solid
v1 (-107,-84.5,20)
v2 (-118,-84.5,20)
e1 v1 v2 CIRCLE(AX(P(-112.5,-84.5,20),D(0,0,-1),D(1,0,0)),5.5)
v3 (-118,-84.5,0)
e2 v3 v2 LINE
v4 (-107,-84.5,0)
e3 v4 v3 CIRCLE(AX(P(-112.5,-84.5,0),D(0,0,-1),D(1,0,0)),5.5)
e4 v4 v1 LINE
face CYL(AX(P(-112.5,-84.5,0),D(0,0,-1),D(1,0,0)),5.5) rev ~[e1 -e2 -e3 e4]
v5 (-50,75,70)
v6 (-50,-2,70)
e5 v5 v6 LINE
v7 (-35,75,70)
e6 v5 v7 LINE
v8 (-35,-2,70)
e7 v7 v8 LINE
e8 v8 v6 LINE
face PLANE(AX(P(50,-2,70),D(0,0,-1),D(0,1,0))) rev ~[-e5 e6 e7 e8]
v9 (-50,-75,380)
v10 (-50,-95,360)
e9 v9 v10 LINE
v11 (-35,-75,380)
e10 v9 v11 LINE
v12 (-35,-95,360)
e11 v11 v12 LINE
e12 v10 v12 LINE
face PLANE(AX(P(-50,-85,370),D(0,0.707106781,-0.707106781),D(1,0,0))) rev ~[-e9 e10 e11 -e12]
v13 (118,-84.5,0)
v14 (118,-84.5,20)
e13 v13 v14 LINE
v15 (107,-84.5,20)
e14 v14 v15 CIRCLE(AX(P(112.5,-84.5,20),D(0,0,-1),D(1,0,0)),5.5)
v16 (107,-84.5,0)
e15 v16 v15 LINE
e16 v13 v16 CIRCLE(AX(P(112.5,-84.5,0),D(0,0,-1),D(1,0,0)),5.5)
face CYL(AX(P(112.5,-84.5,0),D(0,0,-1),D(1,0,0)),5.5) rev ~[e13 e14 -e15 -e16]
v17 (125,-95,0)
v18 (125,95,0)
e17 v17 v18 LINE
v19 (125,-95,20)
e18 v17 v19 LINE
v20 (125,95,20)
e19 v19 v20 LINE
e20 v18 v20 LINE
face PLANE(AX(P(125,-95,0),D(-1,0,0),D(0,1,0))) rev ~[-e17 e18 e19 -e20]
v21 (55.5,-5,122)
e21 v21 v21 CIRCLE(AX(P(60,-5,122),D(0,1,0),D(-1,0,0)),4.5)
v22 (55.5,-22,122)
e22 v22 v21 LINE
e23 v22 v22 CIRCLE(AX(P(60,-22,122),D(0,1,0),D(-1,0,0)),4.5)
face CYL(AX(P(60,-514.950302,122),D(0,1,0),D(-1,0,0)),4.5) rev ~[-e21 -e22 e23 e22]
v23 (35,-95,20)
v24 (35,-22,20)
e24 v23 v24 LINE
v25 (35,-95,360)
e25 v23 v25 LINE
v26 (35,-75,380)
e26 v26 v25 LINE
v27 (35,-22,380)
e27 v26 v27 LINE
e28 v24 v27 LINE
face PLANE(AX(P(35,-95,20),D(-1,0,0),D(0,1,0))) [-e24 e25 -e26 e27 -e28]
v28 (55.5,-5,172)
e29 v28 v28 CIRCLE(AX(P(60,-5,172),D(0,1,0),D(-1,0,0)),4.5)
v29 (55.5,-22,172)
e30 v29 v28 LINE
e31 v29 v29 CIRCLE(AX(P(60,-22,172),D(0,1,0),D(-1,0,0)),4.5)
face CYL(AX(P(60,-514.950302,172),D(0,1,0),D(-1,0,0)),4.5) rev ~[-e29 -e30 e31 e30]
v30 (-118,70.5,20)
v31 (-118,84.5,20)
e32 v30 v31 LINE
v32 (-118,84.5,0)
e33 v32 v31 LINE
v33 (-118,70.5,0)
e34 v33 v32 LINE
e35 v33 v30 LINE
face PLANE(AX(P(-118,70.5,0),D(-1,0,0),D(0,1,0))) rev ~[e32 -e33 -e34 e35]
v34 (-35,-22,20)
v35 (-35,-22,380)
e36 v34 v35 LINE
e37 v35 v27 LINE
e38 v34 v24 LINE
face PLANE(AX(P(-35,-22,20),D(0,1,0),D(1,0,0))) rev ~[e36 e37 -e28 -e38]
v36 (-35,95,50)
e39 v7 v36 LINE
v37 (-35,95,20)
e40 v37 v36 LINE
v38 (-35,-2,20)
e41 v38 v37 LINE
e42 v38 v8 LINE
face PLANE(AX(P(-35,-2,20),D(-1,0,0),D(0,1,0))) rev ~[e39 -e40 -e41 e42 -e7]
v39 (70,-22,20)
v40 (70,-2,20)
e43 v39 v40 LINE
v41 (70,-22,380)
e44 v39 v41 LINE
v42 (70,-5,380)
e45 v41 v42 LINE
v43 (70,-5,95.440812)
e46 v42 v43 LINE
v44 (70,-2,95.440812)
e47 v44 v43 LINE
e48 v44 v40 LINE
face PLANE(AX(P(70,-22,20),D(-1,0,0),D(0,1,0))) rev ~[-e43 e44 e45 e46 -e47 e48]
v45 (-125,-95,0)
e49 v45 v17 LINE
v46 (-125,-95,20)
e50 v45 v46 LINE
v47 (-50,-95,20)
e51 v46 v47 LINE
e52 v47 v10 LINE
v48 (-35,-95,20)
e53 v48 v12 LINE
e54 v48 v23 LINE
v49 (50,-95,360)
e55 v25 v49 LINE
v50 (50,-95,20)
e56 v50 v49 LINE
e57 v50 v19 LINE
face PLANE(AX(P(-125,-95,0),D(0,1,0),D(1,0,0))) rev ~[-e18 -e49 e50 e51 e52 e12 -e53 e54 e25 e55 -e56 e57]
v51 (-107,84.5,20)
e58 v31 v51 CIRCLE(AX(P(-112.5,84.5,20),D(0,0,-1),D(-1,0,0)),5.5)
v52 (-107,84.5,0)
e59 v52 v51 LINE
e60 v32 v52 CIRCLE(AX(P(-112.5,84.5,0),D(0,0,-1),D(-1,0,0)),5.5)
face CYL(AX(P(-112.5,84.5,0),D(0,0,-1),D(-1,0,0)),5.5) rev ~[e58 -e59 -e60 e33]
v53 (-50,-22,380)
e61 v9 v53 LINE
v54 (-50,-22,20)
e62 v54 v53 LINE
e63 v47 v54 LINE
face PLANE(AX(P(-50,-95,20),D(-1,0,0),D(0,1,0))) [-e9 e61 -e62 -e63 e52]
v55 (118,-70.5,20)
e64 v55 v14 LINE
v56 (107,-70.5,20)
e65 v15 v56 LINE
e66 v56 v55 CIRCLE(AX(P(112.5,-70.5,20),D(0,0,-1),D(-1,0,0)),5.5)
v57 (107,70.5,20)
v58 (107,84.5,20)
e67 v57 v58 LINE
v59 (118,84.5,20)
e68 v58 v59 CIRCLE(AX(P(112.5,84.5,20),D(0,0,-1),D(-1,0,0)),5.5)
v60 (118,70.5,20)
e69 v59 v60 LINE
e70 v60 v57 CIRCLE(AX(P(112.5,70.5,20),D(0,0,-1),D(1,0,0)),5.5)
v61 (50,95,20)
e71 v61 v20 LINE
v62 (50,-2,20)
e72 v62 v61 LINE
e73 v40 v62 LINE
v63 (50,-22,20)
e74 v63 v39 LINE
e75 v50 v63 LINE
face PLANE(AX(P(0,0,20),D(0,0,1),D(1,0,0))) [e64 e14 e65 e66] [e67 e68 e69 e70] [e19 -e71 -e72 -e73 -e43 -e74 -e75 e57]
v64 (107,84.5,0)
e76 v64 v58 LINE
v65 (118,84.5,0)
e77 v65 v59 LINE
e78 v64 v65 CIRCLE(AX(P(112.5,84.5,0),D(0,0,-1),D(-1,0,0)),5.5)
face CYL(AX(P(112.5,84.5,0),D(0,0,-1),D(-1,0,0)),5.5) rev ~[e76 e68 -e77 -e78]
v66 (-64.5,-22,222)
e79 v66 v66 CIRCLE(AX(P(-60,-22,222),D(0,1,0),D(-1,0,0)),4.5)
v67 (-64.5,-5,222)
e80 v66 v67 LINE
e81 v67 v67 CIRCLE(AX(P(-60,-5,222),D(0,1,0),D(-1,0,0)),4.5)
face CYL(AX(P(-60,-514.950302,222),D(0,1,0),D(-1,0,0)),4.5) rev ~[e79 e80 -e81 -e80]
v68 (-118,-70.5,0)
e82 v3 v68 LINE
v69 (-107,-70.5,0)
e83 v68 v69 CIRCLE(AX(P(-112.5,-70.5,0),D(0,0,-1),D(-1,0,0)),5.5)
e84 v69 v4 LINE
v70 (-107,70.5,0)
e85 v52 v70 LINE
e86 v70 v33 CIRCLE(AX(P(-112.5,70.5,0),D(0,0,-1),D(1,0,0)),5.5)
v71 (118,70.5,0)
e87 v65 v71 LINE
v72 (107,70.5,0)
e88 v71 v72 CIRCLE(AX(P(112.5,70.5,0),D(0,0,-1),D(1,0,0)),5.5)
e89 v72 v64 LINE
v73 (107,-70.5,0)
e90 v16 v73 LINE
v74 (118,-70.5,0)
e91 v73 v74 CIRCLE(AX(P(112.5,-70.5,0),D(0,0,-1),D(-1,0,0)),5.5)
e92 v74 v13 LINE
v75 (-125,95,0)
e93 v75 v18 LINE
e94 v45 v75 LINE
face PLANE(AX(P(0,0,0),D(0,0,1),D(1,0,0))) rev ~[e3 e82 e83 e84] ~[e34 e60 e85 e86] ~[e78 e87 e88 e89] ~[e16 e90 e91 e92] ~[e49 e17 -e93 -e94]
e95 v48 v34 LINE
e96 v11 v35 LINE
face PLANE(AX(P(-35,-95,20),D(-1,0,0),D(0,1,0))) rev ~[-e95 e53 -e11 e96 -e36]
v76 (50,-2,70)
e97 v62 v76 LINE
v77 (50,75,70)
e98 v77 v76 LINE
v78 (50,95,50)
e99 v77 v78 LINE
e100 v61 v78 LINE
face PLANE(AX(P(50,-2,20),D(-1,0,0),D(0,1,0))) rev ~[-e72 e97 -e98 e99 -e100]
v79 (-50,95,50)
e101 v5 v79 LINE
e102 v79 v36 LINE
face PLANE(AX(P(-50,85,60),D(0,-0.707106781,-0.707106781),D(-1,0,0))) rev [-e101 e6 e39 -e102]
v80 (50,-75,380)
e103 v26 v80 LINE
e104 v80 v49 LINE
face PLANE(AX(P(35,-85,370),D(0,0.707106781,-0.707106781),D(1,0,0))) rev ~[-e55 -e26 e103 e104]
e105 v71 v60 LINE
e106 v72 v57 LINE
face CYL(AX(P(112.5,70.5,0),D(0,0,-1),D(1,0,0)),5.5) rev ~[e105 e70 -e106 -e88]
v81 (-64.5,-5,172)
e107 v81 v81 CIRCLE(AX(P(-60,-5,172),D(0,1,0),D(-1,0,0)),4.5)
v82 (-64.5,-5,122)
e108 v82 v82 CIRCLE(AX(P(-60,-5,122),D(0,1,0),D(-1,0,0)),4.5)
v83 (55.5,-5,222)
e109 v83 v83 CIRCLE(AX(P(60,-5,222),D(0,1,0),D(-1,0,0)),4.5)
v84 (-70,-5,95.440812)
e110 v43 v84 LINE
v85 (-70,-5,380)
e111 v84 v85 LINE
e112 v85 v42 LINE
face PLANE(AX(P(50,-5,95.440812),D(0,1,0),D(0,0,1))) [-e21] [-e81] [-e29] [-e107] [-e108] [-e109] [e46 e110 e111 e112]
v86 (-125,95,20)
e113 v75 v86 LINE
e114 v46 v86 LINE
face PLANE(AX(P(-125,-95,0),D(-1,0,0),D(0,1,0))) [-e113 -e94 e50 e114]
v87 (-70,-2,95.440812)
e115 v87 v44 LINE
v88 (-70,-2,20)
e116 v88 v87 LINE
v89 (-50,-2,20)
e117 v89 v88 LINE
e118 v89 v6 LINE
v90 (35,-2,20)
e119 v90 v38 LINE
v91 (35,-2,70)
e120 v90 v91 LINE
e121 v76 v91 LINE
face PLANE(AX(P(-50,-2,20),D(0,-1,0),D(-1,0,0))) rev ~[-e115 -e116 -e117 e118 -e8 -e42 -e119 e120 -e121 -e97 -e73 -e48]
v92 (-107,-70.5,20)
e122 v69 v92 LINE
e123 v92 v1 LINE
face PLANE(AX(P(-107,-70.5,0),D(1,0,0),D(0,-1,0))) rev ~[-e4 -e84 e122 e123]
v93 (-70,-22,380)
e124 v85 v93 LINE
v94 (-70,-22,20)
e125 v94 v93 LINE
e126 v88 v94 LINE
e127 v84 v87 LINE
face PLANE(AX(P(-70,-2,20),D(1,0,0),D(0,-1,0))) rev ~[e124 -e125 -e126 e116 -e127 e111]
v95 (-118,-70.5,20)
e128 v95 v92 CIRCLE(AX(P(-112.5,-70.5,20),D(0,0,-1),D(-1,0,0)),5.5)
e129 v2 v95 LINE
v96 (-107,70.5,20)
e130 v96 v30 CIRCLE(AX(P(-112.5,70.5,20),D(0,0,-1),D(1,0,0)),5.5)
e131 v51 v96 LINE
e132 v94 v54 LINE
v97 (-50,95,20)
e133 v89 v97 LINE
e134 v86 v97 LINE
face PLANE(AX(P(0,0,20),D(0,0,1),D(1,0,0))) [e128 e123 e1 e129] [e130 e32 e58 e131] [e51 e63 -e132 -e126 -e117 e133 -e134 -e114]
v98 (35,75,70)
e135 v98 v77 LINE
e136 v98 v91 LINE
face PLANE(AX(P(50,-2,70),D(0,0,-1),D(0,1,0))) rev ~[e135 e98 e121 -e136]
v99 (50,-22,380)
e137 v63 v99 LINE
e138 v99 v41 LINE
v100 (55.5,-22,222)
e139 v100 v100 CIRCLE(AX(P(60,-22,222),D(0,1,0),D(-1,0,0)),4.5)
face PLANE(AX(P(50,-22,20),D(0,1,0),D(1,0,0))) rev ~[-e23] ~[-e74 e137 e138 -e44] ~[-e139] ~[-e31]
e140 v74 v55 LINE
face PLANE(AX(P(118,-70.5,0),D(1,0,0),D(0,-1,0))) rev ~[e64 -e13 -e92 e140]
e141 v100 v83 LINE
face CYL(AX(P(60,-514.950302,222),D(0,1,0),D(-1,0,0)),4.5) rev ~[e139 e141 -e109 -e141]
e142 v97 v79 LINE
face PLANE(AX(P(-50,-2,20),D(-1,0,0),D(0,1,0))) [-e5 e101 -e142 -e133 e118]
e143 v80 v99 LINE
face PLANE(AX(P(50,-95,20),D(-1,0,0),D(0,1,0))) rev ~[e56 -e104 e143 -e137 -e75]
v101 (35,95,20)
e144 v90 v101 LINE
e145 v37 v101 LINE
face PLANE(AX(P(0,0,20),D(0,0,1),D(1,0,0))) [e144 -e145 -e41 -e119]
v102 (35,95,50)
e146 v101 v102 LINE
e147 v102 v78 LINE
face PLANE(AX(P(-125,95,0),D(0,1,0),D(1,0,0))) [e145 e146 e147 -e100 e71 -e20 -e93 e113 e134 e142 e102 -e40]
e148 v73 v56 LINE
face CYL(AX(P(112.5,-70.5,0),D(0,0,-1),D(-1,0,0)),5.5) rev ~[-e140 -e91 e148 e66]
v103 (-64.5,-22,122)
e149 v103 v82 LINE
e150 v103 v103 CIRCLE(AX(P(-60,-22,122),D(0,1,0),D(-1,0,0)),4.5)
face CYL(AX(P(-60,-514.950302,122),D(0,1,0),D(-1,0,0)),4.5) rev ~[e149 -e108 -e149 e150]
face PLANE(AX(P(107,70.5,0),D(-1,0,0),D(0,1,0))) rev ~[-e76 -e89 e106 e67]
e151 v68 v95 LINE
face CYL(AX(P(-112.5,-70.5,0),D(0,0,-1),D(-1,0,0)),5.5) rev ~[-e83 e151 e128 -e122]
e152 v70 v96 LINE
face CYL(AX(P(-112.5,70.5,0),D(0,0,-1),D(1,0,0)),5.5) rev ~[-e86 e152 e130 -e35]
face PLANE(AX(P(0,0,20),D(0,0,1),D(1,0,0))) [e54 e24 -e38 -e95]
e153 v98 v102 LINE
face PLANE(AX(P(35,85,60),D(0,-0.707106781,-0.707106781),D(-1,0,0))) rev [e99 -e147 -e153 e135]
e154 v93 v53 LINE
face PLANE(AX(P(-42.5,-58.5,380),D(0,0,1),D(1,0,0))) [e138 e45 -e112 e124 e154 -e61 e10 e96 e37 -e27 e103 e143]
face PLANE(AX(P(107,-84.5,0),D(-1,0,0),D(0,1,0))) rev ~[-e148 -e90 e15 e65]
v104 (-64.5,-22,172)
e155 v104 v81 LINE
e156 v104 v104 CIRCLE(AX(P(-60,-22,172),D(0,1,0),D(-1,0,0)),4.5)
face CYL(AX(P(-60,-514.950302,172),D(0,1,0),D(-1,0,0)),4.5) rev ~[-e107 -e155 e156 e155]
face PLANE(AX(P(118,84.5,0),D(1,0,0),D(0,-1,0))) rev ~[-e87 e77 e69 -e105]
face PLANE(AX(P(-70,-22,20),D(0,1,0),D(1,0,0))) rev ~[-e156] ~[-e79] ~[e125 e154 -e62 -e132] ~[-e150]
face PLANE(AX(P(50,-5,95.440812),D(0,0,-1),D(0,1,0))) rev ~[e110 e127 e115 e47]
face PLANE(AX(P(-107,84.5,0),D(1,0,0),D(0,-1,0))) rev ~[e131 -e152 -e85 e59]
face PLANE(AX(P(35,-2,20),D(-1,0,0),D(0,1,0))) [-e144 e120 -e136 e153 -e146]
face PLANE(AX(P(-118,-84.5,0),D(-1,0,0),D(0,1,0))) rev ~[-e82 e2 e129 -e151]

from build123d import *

# Parameters (mm, degrees)
F0_W     = 250
F0_H     = 190
F1_DEPTH = 20
F2_W     = 15
F2_H     = 73
F2_H_2   = 97
F3_DEPTH = 360
F4_W     = 3
F4_H     = 284.5591875911
F5_DEPTH = 140
F6_SIZE  = 20
F8_D     = 9


with BuildPart() as f1:
    # F0 (on Top) → F1 (new body)
    with BuildSketch(Plane.XY):
        Rectangle(F0_W, F0_H)
        with BuildLine():
            ThreePointArc((-107, -84.5), (-112.5, -90), (-118, -84.5))
            Line((-118, -84.5), (-118, -70.5))
            ThreePointArc((-118, -70.5), (-112.5, -65), (-107, -70.5))
            Line((-107, -70.5), (-107, -84.5))
        make_face(mode=Mode.SUBTRACT)
        with BuildLine():
            ThreePointArc((118, -84.5), (112.5, -90), (107, -84.5))
            Line((107, -84.5), (107, -70.5))
            ThreePointArc((107, -70.5), (112.5, -65), (118, -70.5))
            Line((118, -70.5), (118, -84.5))
        make_face(mode=Mode.SUBTRACT)
        with BuildLine():
            ThreePointArc((-118, 84.5), (-112.5, 90), (-107, 84.5))
            Line((-107, 84.5), (-107, 70.5))
            ThreePointArc((-107, 70.5), (-112.5, 65), (-118, 70.5))
            Line((-118, 70.5), (-118, 84.5))
        make_face(mode=Mode.SUBTRACT)
        with BuildLine():
            ThreePointArc((118, 70.5), (112.5, 65), (107, 70.5))
            Line((107, 70.5), (107, 84.5))
            ThreePointArc((107, 84.5), (112.5, 90), (118, 84.5))
            Line((118, 84.5), (118, 70.5))
        make_face(mode=Mode.SUBTRACT)
    extrude(amount=F1_DEPTH)

    # F2 (on face) → F3 (join)
    with BuildSketch(Plane.XY.offset(20)):
        with Locations((-42.5, -58.5)):
            Rectangle(F2_W, F2_H)
        with Locations((42.5, -58.5)):
            Rectangle(F2_W, F2_H)
        Polygon((-70, -22), (-50, -22), (-35, -22), (35, -22), (50, -22), (70, -22), (70, -2), (50, -2), (35, -2), (-35, -2), (-50, -2), (-70, -2), align=None)
        with Locations((42.5, 46.5)):
            Rectangle(F2_W, F2_H_2)
        with Locations((-42.5, 46.5)):
            Rectangle(F2_W, F2_H_2)
    extrude(amount=F3_DEPTH)

    # F4 (on face) → F5 (cut, symmetric)
    with BuildSketch(Plane.YZ.offset(50)):
        Polygon((-2, 70), (95, 70), (95, 380), (-2, 380), (-2, 95.4408124089), align=None)
        with Locations((-3.5, 237.7204062045)):
            Rectangle(F4_W, F4_H)
    extrude(amount=F5_DEPTH, both=True, mode=Mode.SUBTRACT)

    # F6
    f6_edges = [f1.edges().sort_by_distance(p)[0] for p in [
        (42.5, -95, 380),
        (-42.5, -95, 380),
        (42.5, 95, 70),
        (-42.5, 95, 70),
    ]]
    chamfer(f6_edges, length=F6_SIZE)

    # F8 (through all)
    with Locations(Plane.XZ.offset(22)):
        with Locations((-60, 222), (-60, 172), (-60, 122), (60, 222), (60, 172), (60, 122)):
            Hole(F8_D / 2)


solid = f1.part
